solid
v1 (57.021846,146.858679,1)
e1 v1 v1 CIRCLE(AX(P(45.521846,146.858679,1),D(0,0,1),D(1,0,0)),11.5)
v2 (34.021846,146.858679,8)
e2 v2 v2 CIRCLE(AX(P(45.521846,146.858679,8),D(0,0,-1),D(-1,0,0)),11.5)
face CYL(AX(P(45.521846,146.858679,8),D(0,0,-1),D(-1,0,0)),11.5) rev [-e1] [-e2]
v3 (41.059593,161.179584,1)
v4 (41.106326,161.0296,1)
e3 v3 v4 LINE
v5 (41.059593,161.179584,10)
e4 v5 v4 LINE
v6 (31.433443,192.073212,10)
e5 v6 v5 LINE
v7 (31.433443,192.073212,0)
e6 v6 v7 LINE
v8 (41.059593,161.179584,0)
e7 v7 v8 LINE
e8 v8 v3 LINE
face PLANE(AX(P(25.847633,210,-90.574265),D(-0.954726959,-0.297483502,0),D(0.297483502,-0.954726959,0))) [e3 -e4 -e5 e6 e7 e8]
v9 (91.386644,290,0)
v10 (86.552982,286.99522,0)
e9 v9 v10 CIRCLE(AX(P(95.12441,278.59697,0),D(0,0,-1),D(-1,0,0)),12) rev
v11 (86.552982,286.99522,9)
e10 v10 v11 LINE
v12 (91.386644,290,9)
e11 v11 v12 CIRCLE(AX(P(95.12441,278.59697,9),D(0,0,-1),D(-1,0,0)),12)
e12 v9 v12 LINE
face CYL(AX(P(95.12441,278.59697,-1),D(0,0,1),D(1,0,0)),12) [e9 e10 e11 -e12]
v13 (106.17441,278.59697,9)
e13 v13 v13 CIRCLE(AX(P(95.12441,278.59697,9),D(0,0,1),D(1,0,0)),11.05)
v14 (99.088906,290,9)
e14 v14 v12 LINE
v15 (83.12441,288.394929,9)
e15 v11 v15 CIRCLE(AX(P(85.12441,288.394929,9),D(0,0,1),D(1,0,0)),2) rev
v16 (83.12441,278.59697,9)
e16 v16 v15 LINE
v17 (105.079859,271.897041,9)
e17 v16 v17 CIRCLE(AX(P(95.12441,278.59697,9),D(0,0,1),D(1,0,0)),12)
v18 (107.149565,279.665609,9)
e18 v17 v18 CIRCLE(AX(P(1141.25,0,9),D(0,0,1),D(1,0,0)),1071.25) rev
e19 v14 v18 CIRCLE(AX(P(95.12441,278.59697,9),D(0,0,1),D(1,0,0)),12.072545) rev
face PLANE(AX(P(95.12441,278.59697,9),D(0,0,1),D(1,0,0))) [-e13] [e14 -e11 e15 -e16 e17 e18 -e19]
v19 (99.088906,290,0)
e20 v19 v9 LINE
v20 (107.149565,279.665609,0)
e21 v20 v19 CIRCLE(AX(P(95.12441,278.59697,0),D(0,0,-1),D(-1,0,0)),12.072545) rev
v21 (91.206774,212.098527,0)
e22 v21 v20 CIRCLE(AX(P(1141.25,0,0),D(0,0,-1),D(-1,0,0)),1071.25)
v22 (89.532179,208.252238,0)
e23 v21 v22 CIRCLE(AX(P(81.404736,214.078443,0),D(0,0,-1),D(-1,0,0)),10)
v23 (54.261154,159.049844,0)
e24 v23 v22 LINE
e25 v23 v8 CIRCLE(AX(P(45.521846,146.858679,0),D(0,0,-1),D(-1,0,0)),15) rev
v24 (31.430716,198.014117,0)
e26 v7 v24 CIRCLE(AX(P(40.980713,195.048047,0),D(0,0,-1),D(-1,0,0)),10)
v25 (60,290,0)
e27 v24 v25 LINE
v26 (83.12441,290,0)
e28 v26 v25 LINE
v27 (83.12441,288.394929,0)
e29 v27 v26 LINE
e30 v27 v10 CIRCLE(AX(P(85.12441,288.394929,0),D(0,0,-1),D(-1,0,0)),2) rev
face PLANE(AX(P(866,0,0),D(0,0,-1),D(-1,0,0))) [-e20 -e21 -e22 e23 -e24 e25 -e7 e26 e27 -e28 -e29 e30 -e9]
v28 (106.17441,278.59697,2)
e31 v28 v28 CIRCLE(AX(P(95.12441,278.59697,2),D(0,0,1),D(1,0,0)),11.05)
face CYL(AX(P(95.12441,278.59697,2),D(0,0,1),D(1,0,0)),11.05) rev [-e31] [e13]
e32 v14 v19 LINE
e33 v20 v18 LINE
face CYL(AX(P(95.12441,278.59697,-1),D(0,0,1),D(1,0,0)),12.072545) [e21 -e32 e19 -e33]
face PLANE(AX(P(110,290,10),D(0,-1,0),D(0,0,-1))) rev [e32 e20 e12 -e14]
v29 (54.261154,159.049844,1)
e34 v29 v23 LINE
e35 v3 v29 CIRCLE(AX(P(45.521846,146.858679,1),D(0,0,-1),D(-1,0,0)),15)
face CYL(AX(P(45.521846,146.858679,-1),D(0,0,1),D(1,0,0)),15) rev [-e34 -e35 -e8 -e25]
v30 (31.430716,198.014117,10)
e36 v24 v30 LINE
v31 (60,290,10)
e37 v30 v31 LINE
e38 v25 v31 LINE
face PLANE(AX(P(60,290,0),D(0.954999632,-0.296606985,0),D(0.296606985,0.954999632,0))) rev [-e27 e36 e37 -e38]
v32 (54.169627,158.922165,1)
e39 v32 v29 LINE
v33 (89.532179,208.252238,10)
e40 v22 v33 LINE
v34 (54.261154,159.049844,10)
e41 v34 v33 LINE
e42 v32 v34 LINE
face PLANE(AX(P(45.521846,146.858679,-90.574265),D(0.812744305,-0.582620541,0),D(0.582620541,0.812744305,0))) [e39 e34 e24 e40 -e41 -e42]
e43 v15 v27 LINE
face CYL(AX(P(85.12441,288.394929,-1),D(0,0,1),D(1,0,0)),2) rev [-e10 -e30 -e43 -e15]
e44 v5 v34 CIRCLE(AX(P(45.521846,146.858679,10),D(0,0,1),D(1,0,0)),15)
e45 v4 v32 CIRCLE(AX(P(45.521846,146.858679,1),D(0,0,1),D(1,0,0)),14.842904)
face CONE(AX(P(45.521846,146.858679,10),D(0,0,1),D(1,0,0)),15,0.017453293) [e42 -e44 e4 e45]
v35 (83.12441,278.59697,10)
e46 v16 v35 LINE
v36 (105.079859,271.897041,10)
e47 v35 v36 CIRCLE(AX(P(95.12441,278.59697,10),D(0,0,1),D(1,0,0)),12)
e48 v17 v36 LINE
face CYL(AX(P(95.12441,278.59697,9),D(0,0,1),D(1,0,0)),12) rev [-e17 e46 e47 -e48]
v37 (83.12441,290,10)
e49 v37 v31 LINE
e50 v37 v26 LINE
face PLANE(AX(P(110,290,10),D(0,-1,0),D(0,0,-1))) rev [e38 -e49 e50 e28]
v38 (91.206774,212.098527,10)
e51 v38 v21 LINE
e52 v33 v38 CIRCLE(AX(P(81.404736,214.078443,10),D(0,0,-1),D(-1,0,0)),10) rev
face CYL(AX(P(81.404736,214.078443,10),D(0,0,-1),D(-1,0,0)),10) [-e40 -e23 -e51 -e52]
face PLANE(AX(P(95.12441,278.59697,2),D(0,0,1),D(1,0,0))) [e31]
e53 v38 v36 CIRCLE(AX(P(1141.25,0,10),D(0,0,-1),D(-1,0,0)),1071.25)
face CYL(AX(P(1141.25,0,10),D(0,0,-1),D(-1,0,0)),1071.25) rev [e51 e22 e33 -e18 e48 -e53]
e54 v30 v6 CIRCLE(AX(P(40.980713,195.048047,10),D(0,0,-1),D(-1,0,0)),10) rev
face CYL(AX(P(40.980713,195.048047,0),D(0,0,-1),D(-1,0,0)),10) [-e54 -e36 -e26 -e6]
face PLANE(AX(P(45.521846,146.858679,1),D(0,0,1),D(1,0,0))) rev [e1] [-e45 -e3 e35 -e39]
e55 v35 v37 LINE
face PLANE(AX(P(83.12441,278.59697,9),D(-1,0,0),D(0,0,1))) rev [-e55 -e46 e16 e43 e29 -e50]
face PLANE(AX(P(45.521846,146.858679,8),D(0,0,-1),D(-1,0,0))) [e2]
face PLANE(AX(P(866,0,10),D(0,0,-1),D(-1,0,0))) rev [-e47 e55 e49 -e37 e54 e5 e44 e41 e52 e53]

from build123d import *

# Parameters (mm, degrees)
BOSS_EXTRUDE1_DEPTH = 10
CUT_EXTRUDE3_REACH  = 312.322
SKETCH6_W           = 166.922568412
SKETCH6_H           = 253.34709858
BOSS_EXTRUDE2_DEPTH = 10
SKETCH11_R          = 15
BOSS_EXTRUDE4_DEPTH = 9
BOSS_EXTRUDE4_DRAFT = -1
FILLET1_R           = 10
SKETCH15_R          = 11.5
CUT_EXTRUDE6_DEPTH  = 7
SKETCH17_R          = 15
CUT_EXTRUDE7_DEPTH  = 2
CUT_EXTRUDE8_DEPTH  = 1
SKETCH19_R          = 11.05
CUT_EXTRUDE9_DEPTH  = 7
CUT_EXTRUDE10_DEPTH = 10
FILLET2_R           = 2
CUT_EXTRUDE11_DEPTH = 10
FILLET3_R           = 10


with BuildPart() as part:
    # Sketch2 → Boss-Extrude1 (new body)
    with BuildSketch(Plane.XY):
        with BuildLine():
            Line((0, 0), (70, 0))
            ThreePointArc((70, 0), (80.047115298, 146.372811683), (110, 290))
            Line((110, 290), (50, 290))
            ThreePointArc((50, 290), (12.591539765, 147.139389696), (0, 0))
        make_face()
    extrude(amount=BOSS_EXTRUDE1_DEPTH)

    # Sketch6 → Cut-Extrude3 (cut, up to next)
    with BuildSketch(Plane.XY.offset(10), mode=Mode.PRIVATE) as cut_extrude3_sk1:
        with Locations((50.25677389, 83.32645071)):
            Rectangle(SKETCH6_W, SKETCH6_H)
    cut_extrude3_tool1 = extrude(cut_extrude3_sk1.sketch, amount=-CUT_EXTRUDE3_REACH, mode=Mode.PRIVATE) & part.part
    add(cut_extrude3_tool1.solids().sort_by_distance((50.256774, 83.326451, 10))[0], mode=Mode.SUBTRACT)

    # Sketch8 → Boss-Extrude2 (add)
    with BuildSketch(Plane.XY.offset(10)):
        Polygon((25.847632867, 210), (45.521845529, 146.858679142), (90.78507317, 210), align=None)
    extrude(amount=-BOSS_EXTRUDE2_DEPTH)


with BuildPart() as boss_extrude4_tool:
    # Sketch11 → Boss-Extrude4 (with draft: the straight prism first)
    with BuildSketch(Plane.XY.offset(10)):
        with Locations((45.521845529, 146.858679142)):
            Circle(SKETCH11_R)
    extrude(amount=-BOSS_EXTRUDE4_DEPTH)
    # Boss-Extrude4: the draft: its side faces are tilted about the plane it starts from
    boss_extrude4_sides = [boss_extrude4_tool.faces().sort_by_distance(p)[0] for p in [
        (30.521845529, 146.858679142, 5.5),
    ]]
    draft(boss_extrude4_sides, Plane.XY.offset(10), BOSS_EXTRUDE4_DRAFT)


with BuildPart() as part_1:
    add(part.part)

    # Boss-Extrude4: add boss_extrude4_tool
    add(boss_extrude4_tool.part)

    # Fillet1
    fillet1_edges = [part_1.edges().sort_by_distance(p)[0] for p in [
        (25.847632867, 210, 5),
        (90.78507317, 210, 5),
    ]]
    fillet(fillet1_edges, radius=FILLET1_R)

    # Sketch15 → Cut-Extrude6 (cut, symmetric)
    with BuildSketch(Plane(origin=(0, 0, 1), x_dir=(-1, 0, 0), z_dir=(0, 0, -1))):
        with Locations((-45.521845529, 146.858679142)):
            Circle(SKETCH15_R)
    extrude(amount=CUT_EXTRUDE6_DEPTH, both=True, mode=Mode.SUBTRACT)

    # Sketch17 → Cut-Extrude7 (cut)
    with BuildSketch(Plane(origin=(0, 0, 1), x_dir=(-1, 0, 0), z_dir=(0, 0, -1))):
        with Locations((-45.521845529, 146.858679142)):
            Circle(SKETCH17_R)
    extrude(amount=CUT_EXTRUDE7_DEPTH, mode=Mode.SUBTRACT)

    # Sketch18 → Cut-Extrude8 (cut)
    with BuildSketch(Plane.XY.offset(10)):
        with BuildLine():
            Line((83.124410279, 278.596969533), (83.124410279, 292.663120803))
            Line((83.124410279, 292.663120803), (111.699174515, 292.663120803))
            Line((111.699174515, 292.663120803), (111.699174515, 271.967063838))
            Line((111.699174515, 271.967063838), (105.126627558, 271.967063838))
            ThreePointArc((105.126627558, 271.967063838), (91.662229416, 267.107265286), (83.124410279, 278.596969533))
        make_face()
    extrude(amount=-CUT_EXTRUDE8_DEPTH, mode=Mode.SUBTRACT)

    # Sketch19 → Cut-Extrude9 (cut)
    with BuildSketch(Plane.XY.offset(9)):
        with Locations((95.124410279, 278.596969533)):
            Circle(SKETCH19_R)
    extrude(amount=-CUT_EXTRUDE9_DEPTH, mode=Mode.SUBTRACT)

    # Sketch21 → Cut-Extrude10 (cut)
    with BuildSketch(Plane.XY.offset(9)):
        with BuildLine():
            Line((83.124410279, 278.596969533), (83.124410279, 291.961474959))
            Line((83.124410279, 291.961474959), (91.38664408, 291.961474959))
            Line((91.38664408, 291.961474959), (91.38664408, 290))
            ThreePointArc((91.38664408, 290), (85.407075398, 285.63780775), (83.124410279, 278.596969533))
        make_face()
        with BuildLine():
            Line((97.418656909, 290.449512128), (97.418656909, 291.961474959))
            Line((97.418656909, 291.961474959), (113.129922851, 291.961474959))
            Line((113.129922851, 291.961474959), (113.129922851, 278.596969533))
            Line((113.129922851, 278.596969533), (107.196954898, 278.596969533))
            ThreePointArc((107.196954898, 278.596969533), (104.436867753, 286.279707937), (97.418656909, 290.449512128))
        make_face()
    extrude(amount=-CUT_EXTRUDE10_DEPTH, mode=Mode.SUBTRACT)

    # Fillet2
    fillet2_edges = [part_1.edges().sort_by_distance(p)[0] for p in [
        (83.124410279, 278.596969533, 4.5),
    ]]
    fillet(fillet2_edges, radius=FILLET2_R)

    # Sketch22 → Cut-Extrude11 (cut)
    with BuildSketch(Plane.XY.offset(10)):
        Polygon((60, 290), (29.380219364, 191.412034288), (8.711867435, 204.425441059), (44.690109682, 301.643244577), align=None)
    extrude(amount=-CUT_EXTRUDE11_DEPTH, mode=Mode.SUBTRACT)

    # Fillet3
    fillet3_edges = [part_1.edges().sort_by_distance(p)[0] for p in [
        (30.508011562, 195.04324053, 5),
    ]]
    fillet(fillet3_edges, radius=FILLET3_R)


solid = part_1.part
